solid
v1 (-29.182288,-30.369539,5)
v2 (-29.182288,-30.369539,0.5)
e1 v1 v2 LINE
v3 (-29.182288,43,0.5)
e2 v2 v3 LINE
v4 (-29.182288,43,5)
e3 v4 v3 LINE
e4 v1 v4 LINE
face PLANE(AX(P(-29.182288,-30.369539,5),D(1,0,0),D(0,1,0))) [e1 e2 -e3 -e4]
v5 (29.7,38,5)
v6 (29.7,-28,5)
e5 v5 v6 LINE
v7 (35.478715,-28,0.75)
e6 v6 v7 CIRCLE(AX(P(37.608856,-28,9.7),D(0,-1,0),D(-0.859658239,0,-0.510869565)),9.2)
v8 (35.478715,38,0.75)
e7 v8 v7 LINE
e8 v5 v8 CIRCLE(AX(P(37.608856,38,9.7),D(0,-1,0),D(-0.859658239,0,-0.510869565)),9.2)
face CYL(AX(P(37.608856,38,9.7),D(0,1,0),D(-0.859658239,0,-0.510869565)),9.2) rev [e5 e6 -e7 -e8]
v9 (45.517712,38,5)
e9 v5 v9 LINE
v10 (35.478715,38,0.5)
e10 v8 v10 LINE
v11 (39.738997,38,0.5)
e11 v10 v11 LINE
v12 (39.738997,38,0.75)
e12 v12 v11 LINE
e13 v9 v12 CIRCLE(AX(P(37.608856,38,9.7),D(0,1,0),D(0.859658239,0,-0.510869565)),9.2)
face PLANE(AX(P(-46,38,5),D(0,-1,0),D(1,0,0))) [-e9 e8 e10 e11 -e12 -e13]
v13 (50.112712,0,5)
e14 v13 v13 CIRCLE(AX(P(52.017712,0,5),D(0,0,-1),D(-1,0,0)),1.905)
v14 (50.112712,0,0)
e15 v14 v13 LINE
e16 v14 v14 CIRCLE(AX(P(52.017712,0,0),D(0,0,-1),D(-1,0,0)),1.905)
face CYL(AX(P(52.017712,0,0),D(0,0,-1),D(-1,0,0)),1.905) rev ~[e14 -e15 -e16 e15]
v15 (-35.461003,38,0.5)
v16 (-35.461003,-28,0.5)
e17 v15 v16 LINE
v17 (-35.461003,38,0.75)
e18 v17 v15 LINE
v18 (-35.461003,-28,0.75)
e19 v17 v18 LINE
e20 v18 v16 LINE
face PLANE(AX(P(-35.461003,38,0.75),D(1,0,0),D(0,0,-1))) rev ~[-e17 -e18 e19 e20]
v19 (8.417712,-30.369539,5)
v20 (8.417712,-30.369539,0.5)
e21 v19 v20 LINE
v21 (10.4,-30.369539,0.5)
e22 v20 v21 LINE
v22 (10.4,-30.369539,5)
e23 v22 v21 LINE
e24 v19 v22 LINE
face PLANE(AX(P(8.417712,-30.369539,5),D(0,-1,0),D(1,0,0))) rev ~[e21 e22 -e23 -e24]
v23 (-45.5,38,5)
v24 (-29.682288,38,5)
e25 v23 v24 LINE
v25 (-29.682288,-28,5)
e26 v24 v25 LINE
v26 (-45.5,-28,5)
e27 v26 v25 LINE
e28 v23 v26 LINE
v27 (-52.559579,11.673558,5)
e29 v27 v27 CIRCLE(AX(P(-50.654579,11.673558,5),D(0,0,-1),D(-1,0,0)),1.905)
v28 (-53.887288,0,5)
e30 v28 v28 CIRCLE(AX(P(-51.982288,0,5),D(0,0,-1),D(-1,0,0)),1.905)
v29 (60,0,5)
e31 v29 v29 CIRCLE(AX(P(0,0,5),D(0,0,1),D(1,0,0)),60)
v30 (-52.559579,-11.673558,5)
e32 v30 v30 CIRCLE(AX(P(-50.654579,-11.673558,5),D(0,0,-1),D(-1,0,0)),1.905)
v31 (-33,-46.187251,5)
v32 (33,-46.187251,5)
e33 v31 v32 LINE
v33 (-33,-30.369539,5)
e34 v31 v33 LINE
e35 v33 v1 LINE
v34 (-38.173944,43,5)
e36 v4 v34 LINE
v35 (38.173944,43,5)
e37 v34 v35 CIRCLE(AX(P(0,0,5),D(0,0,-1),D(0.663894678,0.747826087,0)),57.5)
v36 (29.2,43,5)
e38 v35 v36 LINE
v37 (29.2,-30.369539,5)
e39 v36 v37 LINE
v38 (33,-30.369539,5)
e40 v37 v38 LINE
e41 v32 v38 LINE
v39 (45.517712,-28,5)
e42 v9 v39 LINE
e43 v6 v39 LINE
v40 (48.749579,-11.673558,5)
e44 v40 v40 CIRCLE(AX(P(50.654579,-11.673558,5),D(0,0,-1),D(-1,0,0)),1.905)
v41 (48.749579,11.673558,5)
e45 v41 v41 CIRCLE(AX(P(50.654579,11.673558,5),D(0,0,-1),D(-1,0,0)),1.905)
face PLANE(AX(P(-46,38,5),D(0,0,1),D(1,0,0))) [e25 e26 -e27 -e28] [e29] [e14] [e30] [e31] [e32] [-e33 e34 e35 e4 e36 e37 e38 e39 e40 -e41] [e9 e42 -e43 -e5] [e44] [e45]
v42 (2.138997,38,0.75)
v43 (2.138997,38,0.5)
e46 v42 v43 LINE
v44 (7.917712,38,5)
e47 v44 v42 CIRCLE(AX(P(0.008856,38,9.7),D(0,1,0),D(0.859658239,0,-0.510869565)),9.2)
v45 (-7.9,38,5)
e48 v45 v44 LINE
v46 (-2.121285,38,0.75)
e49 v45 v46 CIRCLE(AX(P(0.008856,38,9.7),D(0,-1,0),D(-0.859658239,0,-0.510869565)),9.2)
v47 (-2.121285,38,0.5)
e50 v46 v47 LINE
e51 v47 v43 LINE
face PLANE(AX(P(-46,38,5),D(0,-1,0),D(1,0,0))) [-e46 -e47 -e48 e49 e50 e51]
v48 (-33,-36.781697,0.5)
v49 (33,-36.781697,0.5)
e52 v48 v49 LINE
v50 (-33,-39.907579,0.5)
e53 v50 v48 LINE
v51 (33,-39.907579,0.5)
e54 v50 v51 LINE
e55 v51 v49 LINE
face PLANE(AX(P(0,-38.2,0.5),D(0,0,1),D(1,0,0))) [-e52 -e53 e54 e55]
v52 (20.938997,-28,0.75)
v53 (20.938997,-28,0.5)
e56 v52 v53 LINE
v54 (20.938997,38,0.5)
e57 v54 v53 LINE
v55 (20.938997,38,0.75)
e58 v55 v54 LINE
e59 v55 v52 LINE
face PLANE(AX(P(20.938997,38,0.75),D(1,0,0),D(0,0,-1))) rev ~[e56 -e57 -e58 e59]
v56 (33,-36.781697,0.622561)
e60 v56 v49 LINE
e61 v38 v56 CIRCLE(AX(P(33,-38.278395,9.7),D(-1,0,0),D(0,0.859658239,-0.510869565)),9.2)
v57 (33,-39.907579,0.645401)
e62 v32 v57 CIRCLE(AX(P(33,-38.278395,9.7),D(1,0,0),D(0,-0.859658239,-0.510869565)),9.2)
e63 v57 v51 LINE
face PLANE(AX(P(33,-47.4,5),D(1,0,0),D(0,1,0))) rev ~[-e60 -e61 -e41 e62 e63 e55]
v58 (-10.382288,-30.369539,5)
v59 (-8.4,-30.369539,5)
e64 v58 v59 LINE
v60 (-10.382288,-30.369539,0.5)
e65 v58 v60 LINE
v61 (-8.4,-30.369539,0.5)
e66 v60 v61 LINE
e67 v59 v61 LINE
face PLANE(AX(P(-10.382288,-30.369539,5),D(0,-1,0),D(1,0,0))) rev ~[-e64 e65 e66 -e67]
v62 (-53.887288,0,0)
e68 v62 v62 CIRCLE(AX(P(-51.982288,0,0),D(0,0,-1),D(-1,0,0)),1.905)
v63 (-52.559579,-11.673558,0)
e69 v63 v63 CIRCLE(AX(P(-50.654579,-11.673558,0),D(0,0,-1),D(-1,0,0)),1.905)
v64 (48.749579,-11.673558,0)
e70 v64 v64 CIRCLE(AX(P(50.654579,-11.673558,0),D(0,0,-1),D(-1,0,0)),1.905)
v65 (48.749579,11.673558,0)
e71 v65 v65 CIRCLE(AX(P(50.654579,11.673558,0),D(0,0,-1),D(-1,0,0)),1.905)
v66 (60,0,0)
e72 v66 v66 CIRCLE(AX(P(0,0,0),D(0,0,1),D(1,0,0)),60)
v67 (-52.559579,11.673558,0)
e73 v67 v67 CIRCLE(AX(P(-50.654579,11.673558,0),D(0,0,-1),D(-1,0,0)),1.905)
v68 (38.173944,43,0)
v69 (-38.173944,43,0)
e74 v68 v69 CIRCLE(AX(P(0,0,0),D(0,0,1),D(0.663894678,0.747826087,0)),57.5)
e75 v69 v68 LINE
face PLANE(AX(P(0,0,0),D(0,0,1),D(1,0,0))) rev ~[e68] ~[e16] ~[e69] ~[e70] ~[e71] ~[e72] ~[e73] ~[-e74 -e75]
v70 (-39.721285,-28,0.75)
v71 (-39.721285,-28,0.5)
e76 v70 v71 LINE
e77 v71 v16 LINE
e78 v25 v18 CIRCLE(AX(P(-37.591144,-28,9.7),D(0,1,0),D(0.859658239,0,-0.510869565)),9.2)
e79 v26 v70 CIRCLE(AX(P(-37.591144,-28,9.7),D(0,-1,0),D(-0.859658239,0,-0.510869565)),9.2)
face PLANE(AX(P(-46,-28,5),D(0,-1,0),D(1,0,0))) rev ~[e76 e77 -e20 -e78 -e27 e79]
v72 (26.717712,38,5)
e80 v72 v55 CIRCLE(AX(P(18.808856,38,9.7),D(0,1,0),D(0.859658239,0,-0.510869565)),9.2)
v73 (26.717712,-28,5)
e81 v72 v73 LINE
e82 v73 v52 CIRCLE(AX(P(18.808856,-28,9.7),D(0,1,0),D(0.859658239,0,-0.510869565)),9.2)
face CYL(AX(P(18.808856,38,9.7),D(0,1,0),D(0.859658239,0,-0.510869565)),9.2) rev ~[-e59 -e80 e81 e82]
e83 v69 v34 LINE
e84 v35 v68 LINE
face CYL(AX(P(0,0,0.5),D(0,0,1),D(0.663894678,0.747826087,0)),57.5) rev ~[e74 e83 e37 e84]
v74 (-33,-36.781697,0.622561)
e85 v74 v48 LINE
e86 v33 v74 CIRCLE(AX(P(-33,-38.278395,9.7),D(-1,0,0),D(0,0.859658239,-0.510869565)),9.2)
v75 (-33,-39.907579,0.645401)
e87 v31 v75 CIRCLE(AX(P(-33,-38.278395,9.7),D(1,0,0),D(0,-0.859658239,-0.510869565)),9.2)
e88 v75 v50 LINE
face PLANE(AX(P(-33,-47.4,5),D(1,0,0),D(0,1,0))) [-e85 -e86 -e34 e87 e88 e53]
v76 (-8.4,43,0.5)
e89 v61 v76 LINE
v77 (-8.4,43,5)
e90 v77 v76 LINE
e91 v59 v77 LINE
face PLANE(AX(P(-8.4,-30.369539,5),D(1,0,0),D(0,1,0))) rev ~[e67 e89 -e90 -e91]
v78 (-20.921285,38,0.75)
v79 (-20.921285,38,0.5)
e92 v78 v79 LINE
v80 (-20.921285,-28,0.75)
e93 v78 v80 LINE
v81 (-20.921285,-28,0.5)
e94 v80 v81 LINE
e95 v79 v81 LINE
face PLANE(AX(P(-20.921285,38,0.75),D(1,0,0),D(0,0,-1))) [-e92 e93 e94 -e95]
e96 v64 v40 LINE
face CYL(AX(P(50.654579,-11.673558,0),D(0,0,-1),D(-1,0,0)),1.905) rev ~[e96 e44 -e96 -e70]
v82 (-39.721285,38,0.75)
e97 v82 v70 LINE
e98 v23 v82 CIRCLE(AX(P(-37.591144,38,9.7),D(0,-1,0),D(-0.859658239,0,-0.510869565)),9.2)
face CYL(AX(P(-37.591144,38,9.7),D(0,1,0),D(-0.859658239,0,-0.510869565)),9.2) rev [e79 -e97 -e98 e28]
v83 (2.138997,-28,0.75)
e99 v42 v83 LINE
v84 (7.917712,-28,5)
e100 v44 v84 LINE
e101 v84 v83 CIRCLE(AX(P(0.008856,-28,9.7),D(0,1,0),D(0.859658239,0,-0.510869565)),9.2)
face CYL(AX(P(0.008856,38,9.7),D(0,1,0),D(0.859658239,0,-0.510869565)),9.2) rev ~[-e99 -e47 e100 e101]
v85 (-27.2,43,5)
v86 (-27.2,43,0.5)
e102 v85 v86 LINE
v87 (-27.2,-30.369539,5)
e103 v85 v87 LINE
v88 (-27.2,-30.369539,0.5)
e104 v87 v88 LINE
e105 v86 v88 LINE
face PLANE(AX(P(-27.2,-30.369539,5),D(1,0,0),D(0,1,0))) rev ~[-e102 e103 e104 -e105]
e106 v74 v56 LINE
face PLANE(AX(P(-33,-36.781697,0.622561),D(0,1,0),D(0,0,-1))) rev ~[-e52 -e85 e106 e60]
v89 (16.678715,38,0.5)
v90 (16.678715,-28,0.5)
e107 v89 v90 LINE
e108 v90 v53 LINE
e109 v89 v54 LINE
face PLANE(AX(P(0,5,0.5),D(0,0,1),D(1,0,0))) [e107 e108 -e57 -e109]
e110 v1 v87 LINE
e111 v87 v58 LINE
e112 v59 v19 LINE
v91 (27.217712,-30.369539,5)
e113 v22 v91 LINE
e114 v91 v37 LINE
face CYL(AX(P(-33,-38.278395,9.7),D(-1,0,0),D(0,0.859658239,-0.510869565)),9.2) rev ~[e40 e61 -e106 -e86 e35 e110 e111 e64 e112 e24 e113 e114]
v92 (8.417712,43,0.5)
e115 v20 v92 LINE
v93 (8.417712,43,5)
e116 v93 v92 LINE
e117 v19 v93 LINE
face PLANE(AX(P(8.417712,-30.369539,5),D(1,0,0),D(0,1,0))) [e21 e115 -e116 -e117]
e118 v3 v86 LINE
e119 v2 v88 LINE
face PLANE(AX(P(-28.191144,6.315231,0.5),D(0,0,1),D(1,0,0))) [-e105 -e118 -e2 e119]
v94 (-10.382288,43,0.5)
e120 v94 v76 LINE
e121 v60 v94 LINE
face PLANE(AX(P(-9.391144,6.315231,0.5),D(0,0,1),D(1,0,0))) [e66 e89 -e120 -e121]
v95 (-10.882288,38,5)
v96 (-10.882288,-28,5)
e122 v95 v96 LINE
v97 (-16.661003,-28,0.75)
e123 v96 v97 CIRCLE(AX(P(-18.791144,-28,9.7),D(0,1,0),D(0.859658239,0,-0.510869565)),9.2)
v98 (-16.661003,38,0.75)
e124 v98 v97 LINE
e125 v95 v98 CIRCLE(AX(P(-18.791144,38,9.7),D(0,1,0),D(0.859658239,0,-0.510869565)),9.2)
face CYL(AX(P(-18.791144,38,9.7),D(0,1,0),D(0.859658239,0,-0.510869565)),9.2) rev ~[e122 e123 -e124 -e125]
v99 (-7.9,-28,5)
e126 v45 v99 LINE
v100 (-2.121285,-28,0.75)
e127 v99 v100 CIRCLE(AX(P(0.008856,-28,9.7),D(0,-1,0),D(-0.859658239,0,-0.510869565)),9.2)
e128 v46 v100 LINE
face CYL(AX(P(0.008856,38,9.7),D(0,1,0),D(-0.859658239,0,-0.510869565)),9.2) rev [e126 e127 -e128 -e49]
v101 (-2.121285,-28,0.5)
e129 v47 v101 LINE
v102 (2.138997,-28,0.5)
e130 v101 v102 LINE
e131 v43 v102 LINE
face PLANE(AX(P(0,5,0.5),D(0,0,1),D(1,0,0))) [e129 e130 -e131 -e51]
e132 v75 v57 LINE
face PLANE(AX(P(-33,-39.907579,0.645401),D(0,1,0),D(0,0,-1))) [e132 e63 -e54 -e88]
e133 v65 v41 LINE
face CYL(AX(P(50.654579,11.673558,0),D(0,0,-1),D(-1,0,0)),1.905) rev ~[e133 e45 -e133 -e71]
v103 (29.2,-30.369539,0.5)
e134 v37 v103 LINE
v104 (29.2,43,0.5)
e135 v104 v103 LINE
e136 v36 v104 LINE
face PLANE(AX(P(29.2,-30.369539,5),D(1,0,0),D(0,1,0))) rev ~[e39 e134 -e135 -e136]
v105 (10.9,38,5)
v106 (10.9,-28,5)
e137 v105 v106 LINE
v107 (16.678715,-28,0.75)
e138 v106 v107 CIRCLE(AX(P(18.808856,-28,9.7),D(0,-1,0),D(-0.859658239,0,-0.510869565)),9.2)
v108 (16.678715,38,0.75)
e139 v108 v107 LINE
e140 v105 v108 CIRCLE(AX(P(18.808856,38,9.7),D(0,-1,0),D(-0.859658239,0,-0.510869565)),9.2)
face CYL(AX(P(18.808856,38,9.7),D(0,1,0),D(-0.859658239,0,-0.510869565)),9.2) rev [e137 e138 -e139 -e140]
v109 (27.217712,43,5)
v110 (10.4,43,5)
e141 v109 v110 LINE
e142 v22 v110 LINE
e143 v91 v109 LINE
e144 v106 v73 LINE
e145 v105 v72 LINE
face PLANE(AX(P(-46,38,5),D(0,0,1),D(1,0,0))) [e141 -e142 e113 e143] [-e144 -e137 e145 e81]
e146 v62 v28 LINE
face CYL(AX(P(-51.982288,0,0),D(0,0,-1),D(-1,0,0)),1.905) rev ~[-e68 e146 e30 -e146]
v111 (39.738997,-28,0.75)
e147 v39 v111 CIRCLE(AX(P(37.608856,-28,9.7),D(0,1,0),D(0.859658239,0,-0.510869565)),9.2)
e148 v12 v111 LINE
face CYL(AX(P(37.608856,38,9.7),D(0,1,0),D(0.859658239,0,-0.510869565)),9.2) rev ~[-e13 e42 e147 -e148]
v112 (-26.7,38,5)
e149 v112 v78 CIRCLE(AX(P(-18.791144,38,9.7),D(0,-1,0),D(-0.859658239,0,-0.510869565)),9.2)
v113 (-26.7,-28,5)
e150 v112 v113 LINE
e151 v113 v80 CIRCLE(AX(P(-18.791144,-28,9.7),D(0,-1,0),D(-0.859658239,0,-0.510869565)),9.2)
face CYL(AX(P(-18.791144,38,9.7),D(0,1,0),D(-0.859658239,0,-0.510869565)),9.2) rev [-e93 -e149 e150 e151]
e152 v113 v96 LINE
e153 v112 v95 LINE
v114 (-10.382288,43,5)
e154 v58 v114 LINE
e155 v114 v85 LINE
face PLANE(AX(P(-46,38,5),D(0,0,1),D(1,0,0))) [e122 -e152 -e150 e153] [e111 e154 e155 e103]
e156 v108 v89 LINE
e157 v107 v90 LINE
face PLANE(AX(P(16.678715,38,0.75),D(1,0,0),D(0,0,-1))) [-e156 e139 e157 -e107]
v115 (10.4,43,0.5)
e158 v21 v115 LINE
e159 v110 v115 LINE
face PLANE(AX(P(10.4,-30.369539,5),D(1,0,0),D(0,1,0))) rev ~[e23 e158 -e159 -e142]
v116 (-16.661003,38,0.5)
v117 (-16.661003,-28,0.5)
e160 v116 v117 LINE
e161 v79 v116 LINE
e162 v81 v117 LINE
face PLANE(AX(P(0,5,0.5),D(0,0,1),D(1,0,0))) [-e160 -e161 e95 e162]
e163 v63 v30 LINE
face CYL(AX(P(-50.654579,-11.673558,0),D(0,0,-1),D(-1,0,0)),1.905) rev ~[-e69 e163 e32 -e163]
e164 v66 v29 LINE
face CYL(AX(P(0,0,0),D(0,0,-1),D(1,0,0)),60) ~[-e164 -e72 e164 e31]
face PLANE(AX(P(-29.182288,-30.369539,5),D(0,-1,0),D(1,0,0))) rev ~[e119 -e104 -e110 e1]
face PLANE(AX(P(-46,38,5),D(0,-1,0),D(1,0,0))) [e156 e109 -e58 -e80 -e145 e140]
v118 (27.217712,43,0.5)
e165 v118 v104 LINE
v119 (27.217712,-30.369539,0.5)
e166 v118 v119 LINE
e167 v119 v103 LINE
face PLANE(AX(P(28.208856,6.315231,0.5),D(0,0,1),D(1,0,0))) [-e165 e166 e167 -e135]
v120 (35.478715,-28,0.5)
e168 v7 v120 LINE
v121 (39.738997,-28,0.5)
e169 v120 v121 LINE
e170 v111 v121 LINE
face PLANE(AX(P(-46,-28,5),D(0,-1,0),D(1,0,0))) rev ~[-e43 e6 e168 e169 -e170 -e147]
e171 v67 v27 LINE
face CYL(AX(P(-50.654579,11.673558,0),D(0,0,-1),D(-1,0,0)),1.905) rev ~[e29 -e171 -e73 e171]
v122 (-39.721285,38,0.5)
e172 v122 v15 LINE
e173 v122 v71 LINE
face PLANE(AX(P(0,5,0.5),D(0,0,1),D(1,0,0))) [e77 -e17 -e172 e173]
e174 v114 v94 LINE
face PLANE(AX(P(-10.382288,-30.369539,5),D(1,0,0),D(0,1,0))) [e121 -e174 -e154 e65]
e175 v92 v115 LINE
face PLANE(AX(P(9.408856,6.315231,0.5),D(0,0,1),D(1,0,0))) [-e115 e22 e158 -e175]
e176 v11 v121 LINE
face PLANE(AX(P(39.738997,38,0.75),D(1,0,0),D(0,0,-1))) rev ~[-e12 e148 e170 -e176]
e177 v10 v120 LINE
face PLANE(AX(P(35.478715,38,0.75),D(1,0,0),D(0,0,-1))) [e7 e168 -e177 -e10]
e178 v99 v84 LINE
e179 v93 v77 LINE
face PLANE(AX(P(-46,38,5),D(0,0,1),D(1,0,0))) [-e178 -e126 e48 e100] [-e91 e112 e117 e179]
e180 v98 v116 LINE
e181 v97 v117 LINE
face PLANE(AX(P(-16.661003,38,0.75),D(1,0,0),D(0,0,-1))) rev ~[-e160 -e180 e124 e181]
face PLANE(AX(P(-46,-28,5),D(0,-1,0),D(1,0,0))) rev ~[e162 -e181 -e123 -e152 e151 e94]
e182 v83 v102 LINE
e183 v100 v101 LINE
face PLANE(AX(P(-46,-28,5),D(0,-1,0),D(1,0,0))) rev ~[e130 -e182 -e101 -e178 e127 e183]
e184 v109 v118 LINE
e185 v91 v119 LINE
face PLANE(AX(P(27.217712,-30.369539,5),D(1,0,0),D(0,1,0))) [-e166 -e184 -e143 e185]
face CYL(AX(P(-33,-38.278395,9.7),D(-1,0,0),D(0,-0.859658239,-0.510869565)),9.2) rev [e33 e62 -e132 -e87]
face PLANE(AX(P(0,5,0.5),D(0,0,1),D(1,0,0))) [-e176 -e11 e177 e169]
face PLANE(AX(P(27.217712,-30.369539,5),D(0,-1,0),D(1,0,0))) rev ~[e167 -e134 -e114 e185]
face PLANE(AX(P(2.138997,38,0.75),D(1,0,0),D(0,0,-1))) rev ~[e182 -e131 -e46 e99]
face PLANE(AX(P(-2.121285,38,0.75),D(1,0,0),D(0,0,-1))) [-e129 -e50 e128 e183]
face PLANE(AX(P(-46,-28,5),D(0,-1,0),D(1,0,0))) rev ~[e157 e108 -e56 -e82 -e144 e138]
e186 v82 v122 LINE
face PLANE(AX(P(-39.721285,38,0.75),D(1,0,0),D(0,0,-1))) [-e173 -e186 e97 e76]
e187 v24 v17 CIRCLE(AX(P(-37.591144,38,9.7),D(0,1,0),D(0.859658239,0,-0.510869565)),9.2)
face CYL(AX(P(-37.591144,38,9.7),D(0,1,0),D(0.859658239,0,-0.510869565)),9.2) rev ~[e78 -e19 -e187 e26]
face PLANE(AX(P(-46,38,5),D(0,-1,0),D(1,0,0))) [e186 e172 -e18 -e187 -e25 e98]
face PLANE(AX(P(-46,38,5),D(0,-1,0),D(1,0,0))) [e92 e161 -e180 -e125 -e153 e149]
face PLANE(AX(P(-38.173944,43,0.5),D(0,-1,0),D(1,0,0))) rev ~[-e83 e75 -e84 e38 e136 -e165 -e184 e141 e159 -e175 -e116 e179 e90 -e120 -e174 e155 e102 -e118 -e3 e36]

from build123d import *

# Parameters (mm, degrees)
SKETCH1_R               = 60
BOSS_EXTRUDE1_DEPTH     = 5
SKETCH2_W               = 92
SKETCH2_H               = 66
CUT_EXTRUDE1_DEPTH      = 4.5
SKETCH3_W               = 66
SKETCH3_H               = 18.4
CUT_EXTRUDE2_DEPTH      = 4.5
CUT_EXTRUDE3_DEPTH      = 5.5
CUT_EXTRUDE3_DEPTH_BACK = 1.5
BOSS_EXTRUDE4_DEPTH     = 66
BOSS_EXTRUDE5_DEPTH     = 66
LPATTERN1_COUNT         = 5
LPATTERN1_PITCH         = 18.8
SKETCH10_R              = 1.905
CUT_EXTRUDE4_DEPTH      = 6
SKETCH11_W              = 1.982288408
SKETCH11_H              = 73.369538915
CUT_EXTRUDE5_DEPTH      = 4.5
LPATTERN2_COUNT         = 4
LPATTERN2_PITCH         = 18.8
SKETCH12_R              = 1.905
CUT_EXTRUDE6_DEPTH      = 6


with BuildPart() as part:
    # Sketch1 → Boss-Extrude1 (new body)
    with BuildSketch(Plane.XY):
        Circle(SKETCH1_R)
    extrude(amount=BOSS_EXTRUDE1_DEPTH)

    # Sketch2 → Cut-Extrude1 (cut)
    with BuildSketch(Plane.XY.offset(5)):
        with Locations((0, 5)):
            Rectangle(SKETCH2_W, SKETCH2_H)
    extrude(amount=-CUT_EXTRUDE1_DEPTH, mode=Mode.SUBTRACT)

    # Sketch3 → Cut-Extrude2 (cut)
    with BuildSketch(Plane.XY.offset(5)):
        with Locations((0, -38.2)):
            Rectangle(SKETCH3_W, SKETCH3_H)
    extrude(amount=-CUT_EXTRUDE2_DEPTH, mode=Mode.SUBTRACT)

    # Sketch4 → Cut-Extrude3 (cut, two sides)
    with BuildSketch(Plane.XY.offset(0.5)) as cut_extrude3_sk:
        with BuildLine():
            Line((-38.173943993, 43), (38.173943993, 43))
            ThreePointArc((38.173943993, 43), (0, 57.5), (-38.173943993, 43))
        make_face()
    extrude(amount=CUT_EXTRUDE3_DEPTH, mode=Mode.SUBTRACT)
    extrude(cut_extrude3_sk.sketch, amount=-CUT_EXTRUDE3_DEPTH_BACK, mode=Mode.SUBTRACT)

    # Sketch8 → Boss-Extrude4 (add)
    with BuildSketch(Plane(origin=(-33, 0, 0), x_dir=(0, 0, -1), z_dir=(1, 0, 0))):
        with BuildLine():
            Line((-5, -47.4), (-5, -46.187250507))
            ThreePointArc((-5, -46.187250507), (-2.139853595, -43.520930962), (-0.645401314, -39.907579367))
            Line((-0.645401314, -39.907579367), (-0.5, -39.907579367))
            Line((-0.5, -39.907579367), (-0.5, -47.4))
            Line((-0.5, -47.4), (-5, -47.4))
        make_face()
        with BuildLine():
            Line((-5, -29), (-5, -30.369538915))
            ThreePointArc((-5, -30.369538915), (-2.101750406, -33.091237194), (-0.622561202, -36.781696722))
            Line((-0.622561202, -36.781696722), (-0.5, -36.781696722))
            Line((-0.5, -36.781696722), (-0.5, -29))
            Line((-0.5, -29), (-5, -29))
        make_face()
    extrude(amount=BOSS_EXTRUDE4_DEPTH)

    # Sketch9 → Boss-Extrude5 (add)
    with BuildSketch(Plane(origin=(-30.969379717, 38, 37.672222409), x_dir=(0, 0, -1), z_dir=(0, -1, 0))):
        with BuildLine():
            Line((32.672222409, -15.030620283), (32.672222409, -14.530620283))
            ThreePointArc((32.672222409, -14.530620283), (35.383633316, -12.07254318), (36.922222409, -8.751905327))
            Line((36.922222409, -8.751905327), (37.172222409, -8.751905327))
            Line((37.172222409, -8.751905327), (37.172222409, -15.030620283))
            Line((37.172222409, -15.030620283), (32.672222409, -15.030620283))
        make_face()
        with BuildLine():
            Line((32.672222409, 1.787091309), (32.672222409, 1.287091309))
            ThreePointArc((32.672222409, 1.287091309), (35.383633316, -1.170985793), (36.922222409, -4.491623646))
            Line((36.922222409, -4.491623646), (37.172222409, -4.491623646))
            Line((37.172222409, -4.491623646), (37.172222409, 1.787091309))
            Line((37.172222409, 1.787091309), (32.672222409, 1.787091309))
        make_face()
    boss_extrude5 = extrude(amount=BOSS_EXTRUDE5_DEPTH)

    # LPattern1: Boss-Extrude5 ×5
    with Locations(*[(i * LPATTERN1_PITCH, 0, 0) for i in range(1, LPATTERN1_COUNT)]):
        add(boss_extrude5)

    # Sketch10 → Cut-Extrude4 (cut, through all)
    with BuildSketch(Plane(origin=(0, 0, 0), x_dir=(-1, 0, 0), z_dir=(0, 0, -1))):
        with Locations((-52.017711592, 0)):
            Circle(SKETCH10_R)
        with Locations((51.982288408, 0)):
            Circle(SKETCH10_R)
    extrude(amount=-CUT_EXTRUDE4_DEPTH, mode=Mode.SUBTRACT)

    # Sketch11 → Cut-Extrude5 (cut)
    with BuildSketch(Plane.XY.offset(5)):
        with Locations((-28.191144204, 6.315230542)):
            Rectangle(SKETCH11_W, SKETCH11_H)
    cut_extrude5 = extrude(amount=-CUT_EXTRUDE5_DEPTH, mode=Mode.SUBTRACT)

    # LPattern2: Cut-Extrude5 ×4
    with Locations(*[(i * LPATTERN2_PITCH, 0, 0) for i in range(1, LPATTERN2_COUNT)]):
        add(cut_extrude5, mode=Mode.SUBTRACT)

    # Sketch12 → Cut-Extrude6 (cut, through all)
    with BuildSketch(Plane(origin=(0, 0, 0), x_dir=(-1, 0, 0), z_dir=(0, 0, -1))):
        with Locations((-50.654578855, 11.67355769)):
            Circle(SKETCH12_R)
        with Locations((-50.654578855, -11.67355769)):
            Circle(SKETCH12_R)
        with Locations((50.654578855, -11.67355769)):
            Circle(SKETCH12_R)
        with Locations((50.654578855, 11.67355769)):
            Circle(SKETCH12_R)
    extrude(amount=-CUT_EXTRUDE6_DEPTH, mode=Mode.SUBTRACT)


solid = part.part
